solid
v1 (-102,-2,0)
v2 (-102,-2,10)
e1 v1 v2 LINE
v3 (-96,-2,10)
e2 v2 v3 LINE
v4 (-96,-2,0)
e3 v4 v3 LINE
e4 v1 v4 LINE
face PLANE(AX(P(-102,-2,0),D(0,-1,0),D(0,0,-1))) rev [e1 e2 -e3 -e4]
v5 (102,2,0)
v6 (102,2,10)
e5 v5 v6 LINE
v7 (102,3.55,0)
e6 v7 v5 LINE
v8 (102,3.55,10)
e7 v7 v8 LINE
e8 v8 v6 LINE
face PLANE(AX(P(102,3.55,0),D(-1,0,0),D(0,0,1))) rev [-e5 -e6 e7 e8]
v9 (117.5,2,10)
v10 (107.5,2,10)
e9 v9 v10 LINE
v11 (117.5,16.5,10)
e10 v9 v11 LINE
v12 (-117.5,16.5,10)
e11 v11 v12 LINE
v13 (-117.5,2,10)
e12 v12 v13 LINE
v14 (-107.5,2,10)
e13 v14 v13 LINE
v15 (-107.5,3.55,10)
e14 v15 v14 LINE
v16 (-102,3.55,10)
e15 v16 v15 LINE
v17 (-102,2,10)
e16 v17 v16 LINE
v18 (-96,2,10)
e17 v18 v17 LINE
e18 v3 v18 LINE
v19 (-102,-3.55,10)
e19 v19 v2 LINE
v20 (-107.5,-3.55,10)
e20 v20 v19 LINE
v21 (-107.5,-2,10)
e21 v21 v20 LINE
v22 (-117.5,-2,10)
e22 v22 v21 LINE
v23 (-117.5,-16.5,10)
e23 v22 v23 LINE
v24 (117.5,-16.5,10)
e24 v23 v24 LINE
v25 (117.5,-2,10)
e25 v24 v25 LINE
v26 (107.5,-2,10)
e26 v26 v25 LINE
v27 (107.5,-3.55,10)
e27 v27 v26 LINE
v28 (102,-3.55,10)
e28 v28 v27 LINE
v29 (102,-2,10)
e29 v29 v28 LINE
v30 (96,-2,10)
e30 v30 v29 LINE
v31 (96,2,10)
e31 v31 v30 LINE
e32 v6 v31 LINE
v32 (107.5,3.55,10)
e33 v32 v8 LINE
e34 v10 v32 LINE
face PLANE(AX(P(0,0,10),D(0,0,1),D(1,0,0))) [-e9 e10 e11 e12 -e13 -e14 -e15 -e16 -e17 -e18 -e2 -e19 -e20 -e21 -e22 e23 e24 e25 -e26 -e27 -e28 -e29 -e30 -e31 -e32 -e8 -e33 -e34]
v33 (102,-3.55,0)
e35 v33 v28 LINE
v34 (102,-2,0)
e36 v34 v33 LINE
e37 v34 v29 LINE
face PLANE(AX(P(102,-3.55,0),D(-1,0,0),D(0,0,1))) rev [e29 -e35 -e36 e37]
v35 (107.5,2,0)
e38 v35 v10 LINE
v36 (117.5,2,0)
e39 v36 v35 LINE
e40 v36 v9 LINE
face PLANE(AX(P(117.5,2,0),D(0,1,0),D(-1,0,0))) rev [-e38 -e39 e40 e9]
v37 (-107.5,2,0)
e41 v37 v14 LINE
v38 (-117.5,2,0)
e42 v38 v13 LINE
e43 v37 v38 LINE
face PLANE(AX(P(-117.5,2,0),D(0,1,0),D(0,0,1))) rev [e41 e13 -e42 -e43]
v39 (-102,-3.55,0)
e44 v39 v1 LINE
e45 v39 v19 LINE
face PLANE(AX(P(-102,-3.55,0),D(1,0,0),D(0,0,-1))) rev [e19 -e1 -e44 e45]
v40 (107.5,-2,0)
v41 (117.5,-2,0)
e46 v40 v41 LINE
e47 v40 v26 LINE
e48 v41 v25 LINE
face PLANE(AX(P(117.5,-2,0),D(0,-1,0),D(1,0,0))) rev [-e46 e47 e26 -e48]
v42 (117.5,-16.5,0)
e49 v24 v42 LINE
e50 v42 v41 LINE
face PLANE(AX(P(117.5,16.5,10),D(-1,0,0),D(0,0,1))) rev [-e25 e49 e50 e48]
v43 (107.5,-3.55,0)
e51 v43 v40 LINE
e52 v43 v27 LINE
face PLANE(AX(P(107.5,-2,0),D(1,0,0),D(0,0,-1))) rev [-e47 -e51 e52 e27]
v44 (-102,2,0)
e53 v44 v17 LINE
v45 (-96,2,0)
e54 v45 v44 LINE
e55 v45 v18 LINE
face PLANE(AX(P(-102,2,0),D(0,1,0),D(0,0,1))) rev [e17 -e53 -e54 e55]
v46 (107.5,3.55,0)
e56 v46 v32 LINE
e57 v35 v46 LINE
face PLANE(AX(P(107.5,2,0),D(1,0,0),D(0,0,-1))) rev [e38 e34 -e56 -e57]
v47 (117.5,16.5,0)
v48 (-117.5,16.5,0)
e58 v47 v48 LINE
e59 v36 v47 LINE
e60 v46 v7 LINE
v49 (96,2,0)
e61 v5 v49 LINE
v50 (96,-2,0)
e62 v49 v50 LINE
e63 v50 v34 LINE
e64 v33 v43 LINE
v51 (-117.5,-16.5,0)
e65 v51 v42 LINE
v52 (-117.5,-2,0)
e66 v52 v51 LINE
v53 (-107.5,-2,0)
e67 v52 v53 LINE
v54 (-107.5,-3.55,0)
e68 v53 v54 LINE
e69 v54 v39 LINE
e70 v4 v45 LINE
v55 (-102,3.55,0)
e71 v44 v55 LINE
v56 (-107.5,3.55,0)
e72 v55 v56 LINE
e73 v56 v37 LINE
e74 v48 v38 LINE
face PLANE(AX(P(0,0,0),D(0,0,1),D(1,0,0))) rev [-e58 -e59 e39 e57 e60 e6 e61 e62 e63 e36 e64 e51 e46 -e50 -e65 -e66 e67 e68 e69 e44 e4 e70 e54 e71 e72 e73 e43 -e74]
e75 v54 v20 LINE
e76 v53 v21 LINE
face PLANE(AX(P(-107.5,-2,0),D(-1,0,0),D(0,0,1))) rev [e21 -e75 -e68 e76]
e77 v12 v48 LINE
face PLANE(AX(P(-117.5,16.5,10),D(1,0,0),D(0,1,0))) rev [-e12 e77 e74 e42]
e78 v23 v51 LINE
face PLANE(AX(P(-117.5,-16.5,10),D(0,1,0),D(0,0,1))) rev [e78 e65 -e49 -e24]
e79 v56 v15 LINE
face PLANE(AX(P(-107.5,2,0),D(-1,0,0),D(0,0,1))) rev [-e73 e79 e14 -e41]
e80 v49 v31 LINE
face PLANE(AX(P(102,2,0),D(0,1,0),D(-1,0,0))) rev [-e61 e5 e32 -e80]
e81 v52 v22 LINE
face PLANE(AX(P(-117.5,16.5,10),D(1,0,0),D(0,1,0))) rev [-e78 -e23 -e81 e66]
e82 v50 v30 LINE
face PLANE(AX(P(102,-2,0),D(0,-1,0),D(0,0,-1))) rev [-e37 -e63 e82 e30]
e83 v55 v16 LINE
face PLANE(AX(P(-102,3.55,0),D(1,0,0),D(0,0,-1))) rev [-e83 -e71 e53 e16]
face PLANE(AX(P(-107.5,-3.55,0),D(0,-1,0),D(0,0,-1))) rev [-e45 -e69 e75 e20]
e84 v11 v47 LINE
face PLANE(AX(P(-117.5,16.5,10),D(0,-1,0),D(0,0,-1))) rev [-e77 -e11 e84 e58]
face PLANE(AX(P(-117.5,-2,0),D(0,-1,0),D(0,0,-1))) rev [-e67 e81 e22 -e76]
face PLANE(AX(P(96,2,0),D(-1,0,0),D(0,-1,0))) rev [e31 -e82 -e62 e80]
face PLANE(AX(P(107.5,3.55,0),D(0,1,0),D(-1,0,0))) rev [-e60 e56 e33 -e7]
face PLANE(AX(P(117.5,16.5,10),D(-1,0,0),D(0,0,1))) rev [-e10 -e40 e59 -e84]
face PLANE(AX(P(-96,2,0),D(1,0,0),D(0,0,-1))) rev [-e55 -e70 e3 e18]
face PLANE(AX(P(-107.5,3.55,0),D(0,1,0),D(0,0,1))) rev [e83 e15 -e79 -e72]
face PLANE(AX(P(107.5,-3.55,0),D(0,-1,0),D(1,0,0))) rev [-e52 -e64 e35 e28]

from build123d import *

# Parameters (mm, degrees)
ESQUISSE1_W             = 235
ESQUISSE1_H             = 33
BOSS_EXTRU_1_DEPTH      = 10
ENL_V_MAT_EXTRU_1_DEPTH = 10


with BuildPart() as part:
    # Esquisse1 → Boss.-Extru.1 (new body)
    with BuildSketch(Plane.XY):
        Rectangle(ESQUISSE1_W, ESQUISSE1_H)
    extrude(amount=BOSS_EXTRU_1_DEPTH)

    # Esquisse2 → Enlèv. mat.-Extru.1 (cut)
    with BuildSketch(Plane.XY.offset(10)):
        Polygon((-117.5, 2), (-107.5, 2), (-107.5, 3.55), (-102, 3.55), (-102, 2), (-96, 2), (-96, -2), (-102, -2), (-102, -3.55), (-107.5, -3.55), (-107.5, -2), (-117.5, -2), align=None)
        Polygon((117.5, -2), (107.5, -2), (107.5, -3.55), (102, -3.55), (102, -2), (96, -2), (96, 2), (102, 2), (102, 3.55), (107.5, 3.55), (107.5, 2), (117.5, 2), align=None)
    extrude(amount=-ENL_V_MAT_EXTRU_1_DEPTH, mode=Mode.SUBTRACT)


solid = part.part
